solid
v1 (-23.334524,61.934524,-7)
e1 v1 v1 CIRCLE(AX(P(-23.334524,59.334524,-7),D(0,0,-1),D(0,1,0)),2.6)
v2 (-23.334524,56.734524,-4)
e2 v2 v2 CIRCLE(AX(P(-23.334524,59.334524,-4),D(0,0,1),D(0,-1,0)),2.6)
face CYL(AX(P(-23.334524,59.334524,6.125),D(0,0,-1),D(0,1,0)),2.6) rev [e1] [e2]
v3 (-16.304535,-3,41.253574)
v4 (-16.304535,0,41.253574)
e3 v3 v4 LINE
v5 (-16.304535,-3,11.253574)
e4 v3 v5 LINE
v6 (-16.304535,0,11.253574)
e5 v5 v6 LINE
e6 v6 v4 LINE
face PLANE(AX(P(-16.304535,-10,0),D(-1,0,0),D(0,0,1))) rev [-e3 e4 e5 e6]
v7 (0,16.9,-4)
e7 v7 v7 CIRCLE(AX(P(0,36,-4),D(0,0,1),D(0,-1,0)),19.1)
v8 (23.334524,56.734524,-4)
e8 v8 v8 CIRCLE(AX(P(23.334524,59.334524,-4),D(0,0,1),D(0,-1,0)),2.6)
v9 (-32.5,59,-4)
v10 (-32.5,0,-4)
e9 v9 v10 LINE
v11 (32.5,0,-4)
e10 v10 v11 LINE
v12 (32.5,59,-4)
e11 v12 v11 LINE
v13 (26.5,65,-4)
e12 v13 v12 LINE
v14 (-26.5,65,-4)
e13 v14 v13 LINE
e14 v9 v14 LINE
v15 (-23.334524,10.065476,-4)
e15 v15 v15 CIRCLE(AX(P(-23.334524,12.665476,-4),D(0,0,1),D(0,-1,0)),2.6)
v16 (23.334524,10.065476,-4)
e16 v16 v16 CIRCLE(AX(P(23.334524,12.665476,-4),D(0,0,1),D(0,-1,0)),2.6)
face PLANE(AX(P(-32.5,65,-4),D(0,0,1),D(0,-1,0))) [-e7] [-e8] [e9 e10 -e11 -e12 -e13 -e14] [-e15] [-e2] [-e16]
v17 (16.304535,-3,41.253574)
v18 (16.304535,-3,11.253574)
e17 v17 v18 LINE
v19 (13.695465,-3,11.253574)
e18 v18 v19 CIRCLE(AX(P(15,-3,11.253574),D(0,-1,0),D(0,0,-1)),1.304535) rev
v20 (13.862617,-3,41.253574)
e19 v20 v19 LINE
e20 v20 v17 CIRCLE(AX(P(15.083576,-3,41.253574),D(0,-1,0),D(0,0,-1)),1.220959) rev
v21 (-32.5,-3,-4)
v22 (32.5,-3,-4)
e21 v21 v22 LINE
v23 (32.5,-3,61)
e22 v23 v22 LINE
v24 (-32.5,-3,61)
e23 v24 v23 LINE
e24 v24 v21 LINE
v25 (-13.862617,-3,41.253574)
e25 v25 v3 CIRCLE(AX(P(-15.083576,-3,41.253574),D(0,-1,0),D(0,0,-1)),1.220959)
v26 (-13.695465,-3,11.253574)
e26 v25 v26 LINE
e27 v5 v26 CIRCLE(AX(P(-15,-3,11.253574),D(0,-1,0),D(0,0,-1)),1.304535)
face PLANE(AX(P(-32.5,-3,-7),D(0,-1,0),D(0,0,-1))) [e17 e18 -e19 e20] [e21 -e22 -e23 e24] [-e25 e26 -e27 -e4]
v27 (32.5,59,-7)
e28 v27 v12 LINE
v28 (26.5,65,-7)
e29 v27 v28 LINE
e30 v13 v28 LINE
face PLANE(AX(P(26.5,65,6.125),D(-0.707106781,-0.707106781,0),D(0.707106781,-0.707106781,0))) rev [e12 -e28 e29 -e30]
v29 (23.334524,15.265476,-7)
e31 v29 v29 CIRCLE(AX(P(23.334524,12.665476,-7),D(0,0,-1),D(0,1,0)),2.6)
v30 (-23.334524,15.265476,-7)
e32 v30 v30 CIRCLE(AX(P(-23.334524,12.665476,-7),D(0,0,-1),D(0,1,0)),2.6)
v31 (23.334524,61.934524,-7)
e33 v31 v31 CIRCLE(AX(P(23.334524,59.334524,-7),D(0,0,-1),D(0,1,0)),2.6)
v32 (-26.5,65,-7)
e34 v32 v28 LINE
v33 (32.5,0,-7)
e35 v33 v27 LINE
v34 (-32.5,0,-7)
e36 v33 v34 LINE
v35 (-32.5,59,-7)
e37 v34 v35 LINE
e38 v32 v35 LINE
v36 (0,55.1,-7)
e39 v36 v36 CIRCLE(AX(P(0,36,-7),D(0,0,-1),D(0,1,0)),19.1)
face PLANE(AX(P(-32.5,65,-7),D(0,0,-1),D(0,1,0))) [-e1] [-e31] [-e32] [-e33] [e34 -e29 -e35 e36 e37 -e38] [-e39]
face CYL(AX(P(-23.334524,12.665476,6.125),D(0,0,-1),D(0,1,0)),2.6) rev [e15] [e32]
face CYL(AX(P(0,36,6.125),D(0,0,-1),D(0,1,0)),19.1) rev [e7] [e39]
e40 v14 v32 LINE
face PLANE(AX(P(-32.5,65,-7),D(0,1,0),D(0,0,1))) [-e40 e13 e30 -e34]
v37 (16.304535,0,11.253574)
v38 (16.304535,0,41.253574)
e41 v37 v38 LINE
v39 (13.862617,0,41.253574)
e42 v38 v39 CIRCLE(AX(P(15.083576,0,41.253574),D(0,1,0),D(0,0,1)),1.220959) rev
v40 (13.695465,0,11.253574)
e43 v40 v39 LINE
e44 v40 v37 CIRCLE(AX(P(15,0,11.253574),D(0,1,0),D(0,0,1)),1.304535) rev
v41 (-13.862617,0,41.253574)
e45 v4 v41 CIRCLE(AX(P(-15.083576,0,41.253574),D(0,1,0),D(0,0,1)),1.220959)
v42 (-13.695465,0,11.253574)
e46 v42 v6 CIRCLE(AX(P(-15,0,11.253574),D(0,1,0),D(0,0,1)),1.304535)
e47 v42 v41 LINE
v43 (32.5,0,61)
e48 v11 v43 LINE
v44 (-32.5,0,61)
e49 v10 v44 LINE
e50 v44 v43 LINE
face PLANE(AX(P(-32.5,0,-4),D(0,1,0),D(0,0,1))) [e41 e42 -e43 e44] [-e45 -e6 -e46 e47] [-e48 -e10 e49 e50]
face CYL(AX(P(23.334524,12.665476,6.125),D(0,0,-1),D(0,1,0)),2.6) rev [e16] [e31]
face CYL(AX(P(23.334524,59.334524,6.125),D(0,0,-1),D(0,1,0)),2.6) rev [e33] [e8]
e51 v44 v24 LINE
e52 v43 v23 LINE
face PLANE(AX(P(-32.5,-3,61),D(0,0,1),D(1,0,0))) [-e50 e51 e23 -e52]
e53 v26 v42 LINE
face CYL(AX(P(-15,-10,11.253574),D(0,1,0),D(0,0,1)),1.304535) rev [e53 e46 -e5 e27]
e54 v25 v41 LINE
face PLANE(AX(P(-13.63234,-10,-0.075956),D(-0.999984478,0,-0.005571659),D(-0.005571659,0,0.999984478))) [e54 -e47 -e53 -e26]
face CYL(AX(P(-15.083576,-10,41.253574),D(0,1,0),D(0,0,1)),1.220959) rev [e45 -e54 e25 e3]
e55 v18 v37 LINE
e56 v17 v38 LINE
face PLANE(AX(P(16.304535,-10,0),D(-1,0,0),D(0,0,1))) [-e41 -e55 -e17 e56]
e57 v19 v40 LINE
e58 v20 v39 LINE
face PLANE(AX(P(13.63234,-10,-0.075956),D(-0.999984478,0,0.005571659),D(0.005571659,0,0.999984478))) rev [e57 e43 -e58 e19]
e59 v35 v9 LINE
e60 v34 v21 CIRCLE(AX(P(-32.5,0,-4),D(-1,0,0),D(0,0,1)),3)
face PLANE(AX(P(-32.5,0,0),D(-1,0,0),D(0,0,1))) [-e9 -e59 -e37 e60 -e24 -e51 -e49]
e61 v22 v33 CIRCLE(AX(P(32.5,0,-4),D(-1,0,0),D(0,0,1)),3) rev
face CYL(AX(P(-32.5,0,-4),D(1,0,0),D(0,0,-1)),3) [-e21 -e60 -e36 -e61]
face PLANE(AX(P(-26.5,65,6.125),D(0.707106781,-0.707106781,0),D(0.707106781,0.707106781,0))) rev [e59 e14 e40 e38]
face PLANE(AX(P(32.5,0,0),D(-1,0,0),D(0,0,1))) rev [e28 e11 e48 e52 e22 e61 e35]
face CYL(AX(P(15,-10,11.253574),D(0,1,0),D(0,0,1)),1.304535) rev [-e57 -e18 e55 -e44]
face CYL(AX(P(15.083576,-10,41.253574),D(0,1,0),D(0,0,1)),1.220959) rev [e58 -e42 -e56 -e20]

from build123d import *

# Parameters (mm, degrees)
EXTRUDE_1_DEPTH      = 32.5
EXTRUDE_1_DEPTH_BACK = 32.5
FILLET_2_R           = 3
SKETCH_2_R           = 19.1
SKETCH_2_R_2         = 2.6
CUT_EXTRUDE_1_DEPTH  = 13.125
CUT_EXTRUDE_2_DEPTH  = 10


with BuildPart() as part:
    # Эскиз1 → Бобышка-Вытянуть1 (new, two sides: drawn at the far end of the back side and taken through both)
    with BuildSketch(Plane(origin=(0, 0, 0), x_dir=(0, 0, -1), z_dir=(1, 0, 0)).offset(-EXTRUDE_1_DEPTH_BACK)):
        Polygon((7, 65), (7, -3), (-61, -3), (-61, 0), (4, 0), (4, 65), align=None)
    extrude(amount=EXTRUDE_1_DEPTH + EXTRUDE_1_DEPTH_BACK)

    # Скругление2
    fillet_2_edges = [part.edges().sort_by_distance(p)[0] for p in [
        (0, -3, -7),
    ]]
    fillet(fillet_2_edges, radius=FILLET_2_R)

    # Эскиз2 → Вырез-Вытянуть1 (cut)
    with BuildSketch(Plane(origin=(0, 0, -7), x_dir=(-1, 0, 0), z_dir=(0, 0, -1))):
        with Locations((0, 36)):
            Circle(SKETCH_2_R)
        with Locations((-23.334523779, 59.334523779)):
            Circle(SKETCH_2_R_2)
        with Locations((23.334523779, 59.334523779)):
            Circle(SKETCH_2_R_2)
        with Locations((23.334523779, 12.665476221)):
            Circle(SKETCH_2_R_2)
        with Locations((-23.334523779, 12.665476221)):
            Circle(SKETCH_2_R_2)
        Polygon((-26.5, 65), (-32.5, 59), (-32.5, 65), align=None)
        Polygon((32.5, 59), (32.5, 65), (26.5, 65), align=None)
    extrude(amount=-CUT_EXTRUDE_1_DEPTH, mode=Mode.SUBTRACT)

    # Эскиз3 → Вырез-Вытянуть2 (cut)
    with BuildSketch(Plane(origin=(0, 0, 0), x_dir=(1, 0, 0), z_dir=(0, 1, 0))):
        with BuildLine():
            ThreePointArc((-13.695464845, -11.253573908), (-15, -9.949038753), (-16.304535155, -11.253573908))
            Line((-16.304535155, -11.253573908), (-16.304535155, -41.253573908))
            ThreePointArc((-16.304535155, -41.253573908), (-15.08357618, -42.474532883), (-13.862617205, -41.253573908))
            Line((-13.862617205, -41.253573908), (-13.695464845, -11.253573908))
        make_face()
        with BuildLine():
            Line((16.304535155, -41.253573908), (16.304535155, -11.253573908))
            ThreePointArc((16.304535155, -11.253573908), (15, -9.949038753), (13.695464845, -11.253573908))
            Line((13.695464845, -11.253573908), (13.862617205, -41.253573908))
            ThreePointArc((13.862617205, -41.253573908), (15.08357618, -42.474532883), (16.304535155, -41.253573908))
        make_face()
    extrude(amount=-CUT_EXTRUDE_2_DEPTH, mode=Mode.SUBTRACT)


solid = part.part
